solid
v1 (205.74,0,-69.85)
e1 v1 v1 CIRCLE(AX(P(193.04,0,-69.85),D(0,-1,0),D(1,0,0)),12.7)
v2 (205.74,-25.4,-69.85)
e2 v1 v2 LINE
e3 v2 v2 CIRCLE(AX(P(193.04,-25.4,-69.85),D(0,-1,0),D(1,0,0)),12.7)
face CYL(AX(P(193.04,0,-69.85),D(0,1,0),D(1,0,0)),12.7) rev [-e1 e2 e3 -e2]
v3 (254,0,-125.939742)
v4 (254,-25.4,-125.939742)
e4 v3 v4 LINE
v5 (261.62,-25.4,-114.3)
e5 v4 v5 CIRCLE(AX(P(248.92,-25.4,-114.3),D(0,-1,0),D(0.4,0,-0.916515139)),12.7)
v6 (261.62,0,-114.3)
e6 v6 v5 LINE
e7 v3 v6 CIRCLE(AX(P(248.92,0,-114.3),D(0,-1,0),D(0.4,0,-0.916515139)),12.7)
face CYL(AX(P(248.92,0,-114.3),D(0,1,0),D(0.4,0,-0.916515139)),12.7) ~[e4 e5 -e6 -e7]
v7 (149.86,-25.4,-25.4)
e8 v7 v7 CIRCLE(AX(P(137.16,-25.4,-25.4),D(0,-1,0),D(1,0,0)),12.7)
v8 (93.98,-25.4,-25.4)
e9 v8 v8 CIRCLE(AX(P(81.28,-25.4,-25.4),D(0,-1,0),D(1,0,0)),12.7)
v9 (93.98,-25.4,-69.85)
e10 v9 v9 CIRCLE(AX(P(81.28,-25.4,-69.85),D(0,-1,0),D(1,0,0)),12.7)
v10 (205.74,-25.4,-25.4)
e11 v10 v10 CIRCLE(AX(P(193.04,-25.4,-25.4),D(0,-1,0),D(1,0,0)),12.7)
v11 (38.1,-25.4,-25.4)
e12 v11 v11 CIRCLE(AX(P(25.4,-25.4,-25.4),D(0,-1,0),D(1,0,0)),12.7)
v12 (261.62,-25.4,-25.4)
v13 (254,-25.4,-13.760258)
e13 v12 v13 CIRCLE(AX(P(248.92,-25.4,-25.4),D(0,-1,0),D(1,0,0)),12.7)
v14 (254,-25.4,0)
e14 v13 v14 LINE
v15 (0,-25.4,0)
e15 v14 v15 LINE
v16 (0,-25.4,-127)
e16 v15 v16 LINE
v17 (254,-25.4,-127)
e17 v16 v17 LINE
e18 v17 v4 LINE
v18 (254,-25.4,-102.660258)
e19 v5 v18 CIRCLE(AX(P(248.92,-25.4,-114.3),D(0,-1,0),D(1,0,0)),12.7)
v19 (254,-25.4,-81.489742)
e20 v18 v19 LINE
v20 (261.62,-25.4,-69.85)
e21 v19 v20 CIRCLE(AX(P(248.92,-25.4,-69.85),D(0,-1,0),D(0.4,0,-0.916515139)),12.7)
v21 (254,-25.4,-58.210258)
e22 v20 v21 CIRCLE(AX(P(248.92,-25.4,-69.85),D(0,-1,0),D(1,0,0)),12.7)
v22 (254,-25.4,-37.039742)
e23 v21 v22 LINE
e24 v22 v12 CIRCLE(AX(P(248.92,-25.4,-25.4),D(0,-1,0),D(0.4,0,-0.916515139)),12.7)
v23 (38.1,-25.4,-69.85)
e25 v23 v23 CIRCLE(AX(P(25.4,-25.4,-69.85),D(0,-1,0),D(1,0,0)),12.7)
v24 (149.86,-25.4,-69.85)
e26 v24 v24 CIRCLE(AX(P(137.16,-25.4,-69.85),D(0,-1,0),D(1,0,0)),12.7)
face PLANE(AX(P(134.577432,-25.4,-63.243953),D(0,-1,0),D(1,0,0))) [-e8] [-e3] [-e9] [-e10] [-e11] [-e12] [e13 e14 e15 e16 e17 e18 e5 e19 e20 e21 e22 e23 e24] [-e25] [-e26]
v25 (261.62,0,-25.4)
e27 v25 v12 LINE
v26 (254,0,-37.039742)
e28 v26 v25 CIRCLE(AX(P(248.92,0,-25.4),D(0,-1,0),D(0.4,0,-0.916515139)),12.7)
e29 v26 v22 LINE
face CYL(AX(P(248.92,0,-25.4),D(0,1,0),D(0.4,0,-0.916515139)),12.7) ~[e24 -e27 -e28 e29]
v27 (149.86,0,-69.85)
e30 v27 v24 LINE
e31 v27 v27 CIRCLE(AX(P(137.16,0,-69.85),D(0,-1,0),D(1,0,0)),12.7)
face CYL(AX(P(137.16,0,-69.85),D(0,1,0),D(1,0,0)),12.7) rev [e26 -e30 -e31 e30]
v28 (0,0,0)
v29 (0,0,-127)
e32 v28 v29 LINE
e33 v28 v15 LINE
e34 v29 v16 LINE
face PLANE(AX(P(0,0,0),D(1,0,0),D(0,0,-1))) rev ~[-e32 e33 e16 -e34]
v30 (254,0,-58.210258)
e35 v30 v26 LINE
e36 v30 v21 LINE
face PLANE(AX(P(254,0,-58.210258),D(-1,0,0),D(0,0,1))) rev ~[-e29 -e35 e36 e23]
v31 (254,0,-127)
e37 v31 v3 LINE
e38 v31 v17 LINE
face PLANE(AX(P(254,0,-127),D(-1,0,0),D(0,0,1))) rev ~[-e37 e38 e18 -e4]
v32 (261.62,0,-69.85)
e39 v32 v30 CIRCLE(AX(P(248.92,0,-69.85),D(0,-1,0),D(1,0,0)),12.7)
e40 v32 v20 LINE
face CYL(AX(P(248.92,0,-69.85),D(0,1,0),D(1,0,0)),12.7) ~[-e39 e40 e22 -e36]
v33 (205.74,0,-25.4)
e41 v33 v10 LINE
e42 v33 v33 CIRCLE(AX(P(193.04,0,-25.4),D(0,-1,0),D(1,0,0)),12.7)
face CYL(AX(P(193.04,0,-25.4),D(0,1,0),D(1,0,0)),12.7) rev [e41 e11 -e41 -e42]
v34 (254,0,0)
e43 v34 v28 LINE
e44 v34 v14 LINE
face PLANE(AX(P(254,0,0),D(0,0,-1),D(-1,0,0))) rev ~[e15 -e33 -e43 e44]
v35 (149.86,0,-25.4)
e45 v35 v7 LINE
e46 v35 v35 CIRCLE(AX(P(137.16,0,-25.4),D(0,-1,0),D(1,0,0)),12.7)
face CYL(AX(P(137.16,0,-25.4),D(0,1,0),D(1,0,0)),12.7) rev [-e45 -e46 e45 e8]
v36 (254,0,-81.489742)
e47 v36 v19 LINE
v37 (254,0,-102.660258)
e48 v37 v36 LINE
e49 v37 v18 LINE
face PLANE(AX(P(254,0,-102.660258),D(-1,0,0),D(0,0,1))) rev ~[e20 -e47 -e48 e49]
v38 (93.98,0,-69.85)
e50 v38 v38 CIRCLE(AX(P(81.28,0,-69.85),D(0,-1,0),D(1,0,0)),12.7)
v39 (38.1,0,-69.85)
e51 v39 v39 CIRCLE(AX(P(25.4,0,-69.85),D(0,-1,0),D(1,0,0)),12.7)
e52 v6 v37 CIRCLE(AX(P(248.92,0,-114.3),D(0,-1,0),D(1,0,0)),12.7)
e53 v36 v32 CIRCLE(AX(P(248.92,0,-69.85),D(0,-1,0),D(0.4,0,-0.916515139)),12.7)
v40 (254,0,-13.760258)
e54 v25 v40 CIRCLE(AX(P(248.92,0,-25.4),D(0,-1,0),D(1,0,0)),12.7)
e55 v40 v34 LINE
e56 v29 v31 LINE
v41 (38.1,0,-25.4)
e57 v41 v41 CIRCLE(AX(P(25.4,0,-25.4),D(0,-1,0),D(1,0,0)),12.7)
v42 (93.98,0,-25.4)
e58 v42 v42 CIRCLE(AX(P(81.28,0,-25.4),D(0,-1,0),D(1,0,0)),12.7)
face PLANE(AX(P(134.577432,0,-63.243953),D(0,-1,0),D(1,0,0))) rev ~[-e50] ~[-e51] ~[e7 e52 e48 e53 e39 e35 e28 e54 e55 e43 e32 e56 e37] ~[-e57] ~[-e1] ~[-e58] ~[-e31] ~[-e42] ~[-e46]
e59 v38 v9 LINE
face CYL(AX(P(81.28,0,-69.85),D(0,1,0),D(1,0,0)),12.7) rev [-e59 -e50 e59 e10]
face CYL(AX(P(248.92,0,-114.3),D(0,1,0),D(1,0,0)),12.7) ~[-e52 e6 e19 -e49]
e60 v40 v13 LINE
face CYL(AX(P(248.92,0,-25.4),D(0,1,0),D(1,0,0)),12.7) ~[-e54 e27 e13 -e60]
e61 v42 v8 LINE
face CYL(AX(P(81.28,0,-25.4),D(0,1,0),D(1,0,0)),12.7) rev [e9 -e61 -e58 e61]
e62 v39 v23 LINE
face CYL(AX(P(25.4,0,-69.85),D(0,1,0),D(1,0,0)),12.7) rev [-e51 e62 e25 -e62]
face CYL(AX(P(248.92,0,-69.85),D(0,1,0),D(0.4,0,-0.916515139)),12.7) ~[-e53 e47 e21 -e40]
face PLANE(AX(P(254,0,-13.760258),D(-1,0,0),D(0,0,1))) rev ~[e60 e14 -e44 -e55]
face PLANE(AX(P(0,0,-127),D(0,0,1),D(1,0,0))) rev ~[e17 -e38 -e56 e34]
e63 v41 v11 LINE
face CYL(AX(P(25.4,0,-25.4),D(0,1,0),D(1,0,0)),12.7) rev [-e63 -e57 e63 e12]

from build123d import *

# Parameters (mm, degrees)
F0_R     = 12.7
F1_DEPTH = 25.4


with BuildPart() as f1:
    # F0 (on Front) → F1 (new body)
    with BuildSketch(Plane.XZ):
        with BuildLine():
            Line((254, 0), (0, 0))
            Line((0, 0), (0, -127))
            Line((0, -127), (25.4, -127))
            Line((25.4, -127), (81.28, -127))
            Line((81.28, -127), (137.16, -127))
            Line((137.16, -127), (193.04, -127))
            Line((193.04, -127), (248.92, -127))
            ThreePointArc((248.92, -127), (236.4878898258, -111.7052675251), (254, -102.6602577348))
            Line((254, -102.6602577348), (254, -81.4897422652))
            ThreePointArc((254, -81.4897422652), (236.22, -69.85), (254, -58.2102577348))
            Line((254, -58.2102577348), (254, -37.0397422652))
            ThreePointArc((254, -37.0397422652), (236.22, -25.4), (254, -13.7602577348))
            Line((254, -13.7602577348), (254, 0))
        make_face()
        with BuildLine():
            ThreePointArc((38.1, -114.3), (34.3802561211, -123.2802561211), (25.4, -127))
            ThreePointArc((25.4, -127), (16.4197438789, -105.3197438789), (38.1, -114.3))
        make_face(mode=Mode.SUBTRACT)
        with BuildLine():
            ThreePointArc((93.98, -114.3), (90.2602561211, -123.2802561211), (81.28, -127))
            ThreePointArc((81.28, -127), (72.2997438789, -105.3197438789), (93.98, -114.3))
        make_face(mode=Mode.SUBTRACT)
        with Locations((25.4, -69.85)):
            Circle(F0_R, mode=Mode.SUBTRACT)
        with Locations((81.28, -69.85)):
            Circle(F0_R, mode=Mode.SUBTRACT)
        with BuildLine():
            ThreePointArc((149.86, -114.3), (146.1402561211, -123.2802561211), (137.16, -127))
            ThreePointArc((137.16, -127), (128.1797438789, -105.3197438789), (149.86, -114.3))
        make_face(mode=Mode.SUBTRACT)
        with BuildLine():
            ThreePointArc((205.74, -114.3), (202.0202561211, -123.2802561211), (193.04, -127))
            ThreePointArc((193.04, -127), (184.0597438789, -105.3197438789), (205.74, -114.3))
        make_face(mode=Mode.SUBTRACT)
        with Locations((137.16, -69.85)):
            Circle(F0_R, mode=Mode.SUBTRACT)
        with Locations((193.04, -69.85)):
            Circle(F0_R, mode=Mode.SUBTRACT)
        with Locations((25.4, -25.4)):
            Circle(F0_R, mode=Mode.SUBTRACT)
        with Locations((81.28, -25.4)):
            Circle(F0_R, mode=Mode.SUBTRACT)
        with Locations((137.16, -25.4)):
            Circle(F0_R, mode=Mode.SUBTRACT)
        with Locations((193.04, -25.4)):
            Circle(F0_R, mode=Mode.SUBTRACT)
        with BuildLine():
            ThreePointArc((38.1, -114.3), (16.4197438789, -105.3197438789), (25.4, -127))
            ThreePointArc((25.4, -127), (34.3802561211, -123.2802561211), (38.1, -114.3))
        make_face()
        with BuildLine():
            ThreePointArc((93.98, -114.3), (72.2997438789, -105.3197438789), (81.28, -127))
            ThreePointArc((81.28, -127), (90.2602561211, -123.2802561211), (93.98, -114.3))
        make_face()
        with BuildLine():
            ThreePointArc((149.86, -114.3), (128.1797438789, -105.3197438789), (137.16, -127))
            ThreePointArc((137.16, -127), (146.1402561211, -123.2802561211), (149.86, -114.3))
        make_face()
        with BuildLine():
            ThreePointArc((205.74, -114.3), (184.0597438789, -105.3197438789), (193.04, -127))
            ThreePointArc((193.04, -127), (202.0202561211, -123.2802561211), (205.74, -114.3))
        make_face()
        with BuildLine():
            Line((254, -37.0397422652), (254, -13.7602577348))
            ThreePointArc((254, -13.7602577348), (236.22, -25.4), (254, -37.0397422652))
        make_face()
        with BuildLine():
            Line((254, -81.4897422652), (254, -58.2102577348))
            ThreePointArc((254, -58.2102577348), (236.22, -69.85), (254, -81.4897422652))
        make_face()
        with BuildLine():
            Line((254, -125.9397422652), (254, -102.6602577348))
            ThreePointArc((254, -102.6602577348), (236.4878898258, -111.7052675251), (248.92, -127))
            ThreePointArc((248.92, -127), (251.5147324749, -126.7321101742), (254, -125.9397422652))
        make_face()
        with BuildLine():
            ThreePointArc((261.62, -25.4), (259.545582337, -18.4439235197), (254, -13.7602577348))
            Line((254, -13.7602577348), (254, -37.0397422652))
            ThreePointArc((254, -37.0397422652), (259.545582337, -32.3560764803), (261.62, -25.4))
        make_face()
        with BuildLine():
            ThreePointArc((261.62, -69.85), (259.545582337, -62.8939235197), (254, -58.2102577348))
            Line((254, -58.2102577348), (254, -81.4897422652))
            ThreePointArc((254, -81.4897422652), (259.545582337, -76.8060764803), (261.62, -69.85))
        make_face()
        with BuildLine():
            ThreePointArc((261.62, -114.3), (259.545582337, -107.3439235197), (254, -102.6602577348))
            Line((254, -102.6602577348), (254, -125.9397422652))
            ThreePointArc((254, -125.9397422652), (259.545582337, -121.2560764803), (261.62, -114.3))
        make_face()
        with BuildLine():
            ThreePointArc((254, -125.9397422652), (251.5147324749, -126.7321101742), (248.92, -127))
            Line((248.92, -127), (254, -127))
            Line((254, -127), (254, -125.9397422652))
        make_face()
    extrude(amount=F1_DEPTH)


solid = f1.part
